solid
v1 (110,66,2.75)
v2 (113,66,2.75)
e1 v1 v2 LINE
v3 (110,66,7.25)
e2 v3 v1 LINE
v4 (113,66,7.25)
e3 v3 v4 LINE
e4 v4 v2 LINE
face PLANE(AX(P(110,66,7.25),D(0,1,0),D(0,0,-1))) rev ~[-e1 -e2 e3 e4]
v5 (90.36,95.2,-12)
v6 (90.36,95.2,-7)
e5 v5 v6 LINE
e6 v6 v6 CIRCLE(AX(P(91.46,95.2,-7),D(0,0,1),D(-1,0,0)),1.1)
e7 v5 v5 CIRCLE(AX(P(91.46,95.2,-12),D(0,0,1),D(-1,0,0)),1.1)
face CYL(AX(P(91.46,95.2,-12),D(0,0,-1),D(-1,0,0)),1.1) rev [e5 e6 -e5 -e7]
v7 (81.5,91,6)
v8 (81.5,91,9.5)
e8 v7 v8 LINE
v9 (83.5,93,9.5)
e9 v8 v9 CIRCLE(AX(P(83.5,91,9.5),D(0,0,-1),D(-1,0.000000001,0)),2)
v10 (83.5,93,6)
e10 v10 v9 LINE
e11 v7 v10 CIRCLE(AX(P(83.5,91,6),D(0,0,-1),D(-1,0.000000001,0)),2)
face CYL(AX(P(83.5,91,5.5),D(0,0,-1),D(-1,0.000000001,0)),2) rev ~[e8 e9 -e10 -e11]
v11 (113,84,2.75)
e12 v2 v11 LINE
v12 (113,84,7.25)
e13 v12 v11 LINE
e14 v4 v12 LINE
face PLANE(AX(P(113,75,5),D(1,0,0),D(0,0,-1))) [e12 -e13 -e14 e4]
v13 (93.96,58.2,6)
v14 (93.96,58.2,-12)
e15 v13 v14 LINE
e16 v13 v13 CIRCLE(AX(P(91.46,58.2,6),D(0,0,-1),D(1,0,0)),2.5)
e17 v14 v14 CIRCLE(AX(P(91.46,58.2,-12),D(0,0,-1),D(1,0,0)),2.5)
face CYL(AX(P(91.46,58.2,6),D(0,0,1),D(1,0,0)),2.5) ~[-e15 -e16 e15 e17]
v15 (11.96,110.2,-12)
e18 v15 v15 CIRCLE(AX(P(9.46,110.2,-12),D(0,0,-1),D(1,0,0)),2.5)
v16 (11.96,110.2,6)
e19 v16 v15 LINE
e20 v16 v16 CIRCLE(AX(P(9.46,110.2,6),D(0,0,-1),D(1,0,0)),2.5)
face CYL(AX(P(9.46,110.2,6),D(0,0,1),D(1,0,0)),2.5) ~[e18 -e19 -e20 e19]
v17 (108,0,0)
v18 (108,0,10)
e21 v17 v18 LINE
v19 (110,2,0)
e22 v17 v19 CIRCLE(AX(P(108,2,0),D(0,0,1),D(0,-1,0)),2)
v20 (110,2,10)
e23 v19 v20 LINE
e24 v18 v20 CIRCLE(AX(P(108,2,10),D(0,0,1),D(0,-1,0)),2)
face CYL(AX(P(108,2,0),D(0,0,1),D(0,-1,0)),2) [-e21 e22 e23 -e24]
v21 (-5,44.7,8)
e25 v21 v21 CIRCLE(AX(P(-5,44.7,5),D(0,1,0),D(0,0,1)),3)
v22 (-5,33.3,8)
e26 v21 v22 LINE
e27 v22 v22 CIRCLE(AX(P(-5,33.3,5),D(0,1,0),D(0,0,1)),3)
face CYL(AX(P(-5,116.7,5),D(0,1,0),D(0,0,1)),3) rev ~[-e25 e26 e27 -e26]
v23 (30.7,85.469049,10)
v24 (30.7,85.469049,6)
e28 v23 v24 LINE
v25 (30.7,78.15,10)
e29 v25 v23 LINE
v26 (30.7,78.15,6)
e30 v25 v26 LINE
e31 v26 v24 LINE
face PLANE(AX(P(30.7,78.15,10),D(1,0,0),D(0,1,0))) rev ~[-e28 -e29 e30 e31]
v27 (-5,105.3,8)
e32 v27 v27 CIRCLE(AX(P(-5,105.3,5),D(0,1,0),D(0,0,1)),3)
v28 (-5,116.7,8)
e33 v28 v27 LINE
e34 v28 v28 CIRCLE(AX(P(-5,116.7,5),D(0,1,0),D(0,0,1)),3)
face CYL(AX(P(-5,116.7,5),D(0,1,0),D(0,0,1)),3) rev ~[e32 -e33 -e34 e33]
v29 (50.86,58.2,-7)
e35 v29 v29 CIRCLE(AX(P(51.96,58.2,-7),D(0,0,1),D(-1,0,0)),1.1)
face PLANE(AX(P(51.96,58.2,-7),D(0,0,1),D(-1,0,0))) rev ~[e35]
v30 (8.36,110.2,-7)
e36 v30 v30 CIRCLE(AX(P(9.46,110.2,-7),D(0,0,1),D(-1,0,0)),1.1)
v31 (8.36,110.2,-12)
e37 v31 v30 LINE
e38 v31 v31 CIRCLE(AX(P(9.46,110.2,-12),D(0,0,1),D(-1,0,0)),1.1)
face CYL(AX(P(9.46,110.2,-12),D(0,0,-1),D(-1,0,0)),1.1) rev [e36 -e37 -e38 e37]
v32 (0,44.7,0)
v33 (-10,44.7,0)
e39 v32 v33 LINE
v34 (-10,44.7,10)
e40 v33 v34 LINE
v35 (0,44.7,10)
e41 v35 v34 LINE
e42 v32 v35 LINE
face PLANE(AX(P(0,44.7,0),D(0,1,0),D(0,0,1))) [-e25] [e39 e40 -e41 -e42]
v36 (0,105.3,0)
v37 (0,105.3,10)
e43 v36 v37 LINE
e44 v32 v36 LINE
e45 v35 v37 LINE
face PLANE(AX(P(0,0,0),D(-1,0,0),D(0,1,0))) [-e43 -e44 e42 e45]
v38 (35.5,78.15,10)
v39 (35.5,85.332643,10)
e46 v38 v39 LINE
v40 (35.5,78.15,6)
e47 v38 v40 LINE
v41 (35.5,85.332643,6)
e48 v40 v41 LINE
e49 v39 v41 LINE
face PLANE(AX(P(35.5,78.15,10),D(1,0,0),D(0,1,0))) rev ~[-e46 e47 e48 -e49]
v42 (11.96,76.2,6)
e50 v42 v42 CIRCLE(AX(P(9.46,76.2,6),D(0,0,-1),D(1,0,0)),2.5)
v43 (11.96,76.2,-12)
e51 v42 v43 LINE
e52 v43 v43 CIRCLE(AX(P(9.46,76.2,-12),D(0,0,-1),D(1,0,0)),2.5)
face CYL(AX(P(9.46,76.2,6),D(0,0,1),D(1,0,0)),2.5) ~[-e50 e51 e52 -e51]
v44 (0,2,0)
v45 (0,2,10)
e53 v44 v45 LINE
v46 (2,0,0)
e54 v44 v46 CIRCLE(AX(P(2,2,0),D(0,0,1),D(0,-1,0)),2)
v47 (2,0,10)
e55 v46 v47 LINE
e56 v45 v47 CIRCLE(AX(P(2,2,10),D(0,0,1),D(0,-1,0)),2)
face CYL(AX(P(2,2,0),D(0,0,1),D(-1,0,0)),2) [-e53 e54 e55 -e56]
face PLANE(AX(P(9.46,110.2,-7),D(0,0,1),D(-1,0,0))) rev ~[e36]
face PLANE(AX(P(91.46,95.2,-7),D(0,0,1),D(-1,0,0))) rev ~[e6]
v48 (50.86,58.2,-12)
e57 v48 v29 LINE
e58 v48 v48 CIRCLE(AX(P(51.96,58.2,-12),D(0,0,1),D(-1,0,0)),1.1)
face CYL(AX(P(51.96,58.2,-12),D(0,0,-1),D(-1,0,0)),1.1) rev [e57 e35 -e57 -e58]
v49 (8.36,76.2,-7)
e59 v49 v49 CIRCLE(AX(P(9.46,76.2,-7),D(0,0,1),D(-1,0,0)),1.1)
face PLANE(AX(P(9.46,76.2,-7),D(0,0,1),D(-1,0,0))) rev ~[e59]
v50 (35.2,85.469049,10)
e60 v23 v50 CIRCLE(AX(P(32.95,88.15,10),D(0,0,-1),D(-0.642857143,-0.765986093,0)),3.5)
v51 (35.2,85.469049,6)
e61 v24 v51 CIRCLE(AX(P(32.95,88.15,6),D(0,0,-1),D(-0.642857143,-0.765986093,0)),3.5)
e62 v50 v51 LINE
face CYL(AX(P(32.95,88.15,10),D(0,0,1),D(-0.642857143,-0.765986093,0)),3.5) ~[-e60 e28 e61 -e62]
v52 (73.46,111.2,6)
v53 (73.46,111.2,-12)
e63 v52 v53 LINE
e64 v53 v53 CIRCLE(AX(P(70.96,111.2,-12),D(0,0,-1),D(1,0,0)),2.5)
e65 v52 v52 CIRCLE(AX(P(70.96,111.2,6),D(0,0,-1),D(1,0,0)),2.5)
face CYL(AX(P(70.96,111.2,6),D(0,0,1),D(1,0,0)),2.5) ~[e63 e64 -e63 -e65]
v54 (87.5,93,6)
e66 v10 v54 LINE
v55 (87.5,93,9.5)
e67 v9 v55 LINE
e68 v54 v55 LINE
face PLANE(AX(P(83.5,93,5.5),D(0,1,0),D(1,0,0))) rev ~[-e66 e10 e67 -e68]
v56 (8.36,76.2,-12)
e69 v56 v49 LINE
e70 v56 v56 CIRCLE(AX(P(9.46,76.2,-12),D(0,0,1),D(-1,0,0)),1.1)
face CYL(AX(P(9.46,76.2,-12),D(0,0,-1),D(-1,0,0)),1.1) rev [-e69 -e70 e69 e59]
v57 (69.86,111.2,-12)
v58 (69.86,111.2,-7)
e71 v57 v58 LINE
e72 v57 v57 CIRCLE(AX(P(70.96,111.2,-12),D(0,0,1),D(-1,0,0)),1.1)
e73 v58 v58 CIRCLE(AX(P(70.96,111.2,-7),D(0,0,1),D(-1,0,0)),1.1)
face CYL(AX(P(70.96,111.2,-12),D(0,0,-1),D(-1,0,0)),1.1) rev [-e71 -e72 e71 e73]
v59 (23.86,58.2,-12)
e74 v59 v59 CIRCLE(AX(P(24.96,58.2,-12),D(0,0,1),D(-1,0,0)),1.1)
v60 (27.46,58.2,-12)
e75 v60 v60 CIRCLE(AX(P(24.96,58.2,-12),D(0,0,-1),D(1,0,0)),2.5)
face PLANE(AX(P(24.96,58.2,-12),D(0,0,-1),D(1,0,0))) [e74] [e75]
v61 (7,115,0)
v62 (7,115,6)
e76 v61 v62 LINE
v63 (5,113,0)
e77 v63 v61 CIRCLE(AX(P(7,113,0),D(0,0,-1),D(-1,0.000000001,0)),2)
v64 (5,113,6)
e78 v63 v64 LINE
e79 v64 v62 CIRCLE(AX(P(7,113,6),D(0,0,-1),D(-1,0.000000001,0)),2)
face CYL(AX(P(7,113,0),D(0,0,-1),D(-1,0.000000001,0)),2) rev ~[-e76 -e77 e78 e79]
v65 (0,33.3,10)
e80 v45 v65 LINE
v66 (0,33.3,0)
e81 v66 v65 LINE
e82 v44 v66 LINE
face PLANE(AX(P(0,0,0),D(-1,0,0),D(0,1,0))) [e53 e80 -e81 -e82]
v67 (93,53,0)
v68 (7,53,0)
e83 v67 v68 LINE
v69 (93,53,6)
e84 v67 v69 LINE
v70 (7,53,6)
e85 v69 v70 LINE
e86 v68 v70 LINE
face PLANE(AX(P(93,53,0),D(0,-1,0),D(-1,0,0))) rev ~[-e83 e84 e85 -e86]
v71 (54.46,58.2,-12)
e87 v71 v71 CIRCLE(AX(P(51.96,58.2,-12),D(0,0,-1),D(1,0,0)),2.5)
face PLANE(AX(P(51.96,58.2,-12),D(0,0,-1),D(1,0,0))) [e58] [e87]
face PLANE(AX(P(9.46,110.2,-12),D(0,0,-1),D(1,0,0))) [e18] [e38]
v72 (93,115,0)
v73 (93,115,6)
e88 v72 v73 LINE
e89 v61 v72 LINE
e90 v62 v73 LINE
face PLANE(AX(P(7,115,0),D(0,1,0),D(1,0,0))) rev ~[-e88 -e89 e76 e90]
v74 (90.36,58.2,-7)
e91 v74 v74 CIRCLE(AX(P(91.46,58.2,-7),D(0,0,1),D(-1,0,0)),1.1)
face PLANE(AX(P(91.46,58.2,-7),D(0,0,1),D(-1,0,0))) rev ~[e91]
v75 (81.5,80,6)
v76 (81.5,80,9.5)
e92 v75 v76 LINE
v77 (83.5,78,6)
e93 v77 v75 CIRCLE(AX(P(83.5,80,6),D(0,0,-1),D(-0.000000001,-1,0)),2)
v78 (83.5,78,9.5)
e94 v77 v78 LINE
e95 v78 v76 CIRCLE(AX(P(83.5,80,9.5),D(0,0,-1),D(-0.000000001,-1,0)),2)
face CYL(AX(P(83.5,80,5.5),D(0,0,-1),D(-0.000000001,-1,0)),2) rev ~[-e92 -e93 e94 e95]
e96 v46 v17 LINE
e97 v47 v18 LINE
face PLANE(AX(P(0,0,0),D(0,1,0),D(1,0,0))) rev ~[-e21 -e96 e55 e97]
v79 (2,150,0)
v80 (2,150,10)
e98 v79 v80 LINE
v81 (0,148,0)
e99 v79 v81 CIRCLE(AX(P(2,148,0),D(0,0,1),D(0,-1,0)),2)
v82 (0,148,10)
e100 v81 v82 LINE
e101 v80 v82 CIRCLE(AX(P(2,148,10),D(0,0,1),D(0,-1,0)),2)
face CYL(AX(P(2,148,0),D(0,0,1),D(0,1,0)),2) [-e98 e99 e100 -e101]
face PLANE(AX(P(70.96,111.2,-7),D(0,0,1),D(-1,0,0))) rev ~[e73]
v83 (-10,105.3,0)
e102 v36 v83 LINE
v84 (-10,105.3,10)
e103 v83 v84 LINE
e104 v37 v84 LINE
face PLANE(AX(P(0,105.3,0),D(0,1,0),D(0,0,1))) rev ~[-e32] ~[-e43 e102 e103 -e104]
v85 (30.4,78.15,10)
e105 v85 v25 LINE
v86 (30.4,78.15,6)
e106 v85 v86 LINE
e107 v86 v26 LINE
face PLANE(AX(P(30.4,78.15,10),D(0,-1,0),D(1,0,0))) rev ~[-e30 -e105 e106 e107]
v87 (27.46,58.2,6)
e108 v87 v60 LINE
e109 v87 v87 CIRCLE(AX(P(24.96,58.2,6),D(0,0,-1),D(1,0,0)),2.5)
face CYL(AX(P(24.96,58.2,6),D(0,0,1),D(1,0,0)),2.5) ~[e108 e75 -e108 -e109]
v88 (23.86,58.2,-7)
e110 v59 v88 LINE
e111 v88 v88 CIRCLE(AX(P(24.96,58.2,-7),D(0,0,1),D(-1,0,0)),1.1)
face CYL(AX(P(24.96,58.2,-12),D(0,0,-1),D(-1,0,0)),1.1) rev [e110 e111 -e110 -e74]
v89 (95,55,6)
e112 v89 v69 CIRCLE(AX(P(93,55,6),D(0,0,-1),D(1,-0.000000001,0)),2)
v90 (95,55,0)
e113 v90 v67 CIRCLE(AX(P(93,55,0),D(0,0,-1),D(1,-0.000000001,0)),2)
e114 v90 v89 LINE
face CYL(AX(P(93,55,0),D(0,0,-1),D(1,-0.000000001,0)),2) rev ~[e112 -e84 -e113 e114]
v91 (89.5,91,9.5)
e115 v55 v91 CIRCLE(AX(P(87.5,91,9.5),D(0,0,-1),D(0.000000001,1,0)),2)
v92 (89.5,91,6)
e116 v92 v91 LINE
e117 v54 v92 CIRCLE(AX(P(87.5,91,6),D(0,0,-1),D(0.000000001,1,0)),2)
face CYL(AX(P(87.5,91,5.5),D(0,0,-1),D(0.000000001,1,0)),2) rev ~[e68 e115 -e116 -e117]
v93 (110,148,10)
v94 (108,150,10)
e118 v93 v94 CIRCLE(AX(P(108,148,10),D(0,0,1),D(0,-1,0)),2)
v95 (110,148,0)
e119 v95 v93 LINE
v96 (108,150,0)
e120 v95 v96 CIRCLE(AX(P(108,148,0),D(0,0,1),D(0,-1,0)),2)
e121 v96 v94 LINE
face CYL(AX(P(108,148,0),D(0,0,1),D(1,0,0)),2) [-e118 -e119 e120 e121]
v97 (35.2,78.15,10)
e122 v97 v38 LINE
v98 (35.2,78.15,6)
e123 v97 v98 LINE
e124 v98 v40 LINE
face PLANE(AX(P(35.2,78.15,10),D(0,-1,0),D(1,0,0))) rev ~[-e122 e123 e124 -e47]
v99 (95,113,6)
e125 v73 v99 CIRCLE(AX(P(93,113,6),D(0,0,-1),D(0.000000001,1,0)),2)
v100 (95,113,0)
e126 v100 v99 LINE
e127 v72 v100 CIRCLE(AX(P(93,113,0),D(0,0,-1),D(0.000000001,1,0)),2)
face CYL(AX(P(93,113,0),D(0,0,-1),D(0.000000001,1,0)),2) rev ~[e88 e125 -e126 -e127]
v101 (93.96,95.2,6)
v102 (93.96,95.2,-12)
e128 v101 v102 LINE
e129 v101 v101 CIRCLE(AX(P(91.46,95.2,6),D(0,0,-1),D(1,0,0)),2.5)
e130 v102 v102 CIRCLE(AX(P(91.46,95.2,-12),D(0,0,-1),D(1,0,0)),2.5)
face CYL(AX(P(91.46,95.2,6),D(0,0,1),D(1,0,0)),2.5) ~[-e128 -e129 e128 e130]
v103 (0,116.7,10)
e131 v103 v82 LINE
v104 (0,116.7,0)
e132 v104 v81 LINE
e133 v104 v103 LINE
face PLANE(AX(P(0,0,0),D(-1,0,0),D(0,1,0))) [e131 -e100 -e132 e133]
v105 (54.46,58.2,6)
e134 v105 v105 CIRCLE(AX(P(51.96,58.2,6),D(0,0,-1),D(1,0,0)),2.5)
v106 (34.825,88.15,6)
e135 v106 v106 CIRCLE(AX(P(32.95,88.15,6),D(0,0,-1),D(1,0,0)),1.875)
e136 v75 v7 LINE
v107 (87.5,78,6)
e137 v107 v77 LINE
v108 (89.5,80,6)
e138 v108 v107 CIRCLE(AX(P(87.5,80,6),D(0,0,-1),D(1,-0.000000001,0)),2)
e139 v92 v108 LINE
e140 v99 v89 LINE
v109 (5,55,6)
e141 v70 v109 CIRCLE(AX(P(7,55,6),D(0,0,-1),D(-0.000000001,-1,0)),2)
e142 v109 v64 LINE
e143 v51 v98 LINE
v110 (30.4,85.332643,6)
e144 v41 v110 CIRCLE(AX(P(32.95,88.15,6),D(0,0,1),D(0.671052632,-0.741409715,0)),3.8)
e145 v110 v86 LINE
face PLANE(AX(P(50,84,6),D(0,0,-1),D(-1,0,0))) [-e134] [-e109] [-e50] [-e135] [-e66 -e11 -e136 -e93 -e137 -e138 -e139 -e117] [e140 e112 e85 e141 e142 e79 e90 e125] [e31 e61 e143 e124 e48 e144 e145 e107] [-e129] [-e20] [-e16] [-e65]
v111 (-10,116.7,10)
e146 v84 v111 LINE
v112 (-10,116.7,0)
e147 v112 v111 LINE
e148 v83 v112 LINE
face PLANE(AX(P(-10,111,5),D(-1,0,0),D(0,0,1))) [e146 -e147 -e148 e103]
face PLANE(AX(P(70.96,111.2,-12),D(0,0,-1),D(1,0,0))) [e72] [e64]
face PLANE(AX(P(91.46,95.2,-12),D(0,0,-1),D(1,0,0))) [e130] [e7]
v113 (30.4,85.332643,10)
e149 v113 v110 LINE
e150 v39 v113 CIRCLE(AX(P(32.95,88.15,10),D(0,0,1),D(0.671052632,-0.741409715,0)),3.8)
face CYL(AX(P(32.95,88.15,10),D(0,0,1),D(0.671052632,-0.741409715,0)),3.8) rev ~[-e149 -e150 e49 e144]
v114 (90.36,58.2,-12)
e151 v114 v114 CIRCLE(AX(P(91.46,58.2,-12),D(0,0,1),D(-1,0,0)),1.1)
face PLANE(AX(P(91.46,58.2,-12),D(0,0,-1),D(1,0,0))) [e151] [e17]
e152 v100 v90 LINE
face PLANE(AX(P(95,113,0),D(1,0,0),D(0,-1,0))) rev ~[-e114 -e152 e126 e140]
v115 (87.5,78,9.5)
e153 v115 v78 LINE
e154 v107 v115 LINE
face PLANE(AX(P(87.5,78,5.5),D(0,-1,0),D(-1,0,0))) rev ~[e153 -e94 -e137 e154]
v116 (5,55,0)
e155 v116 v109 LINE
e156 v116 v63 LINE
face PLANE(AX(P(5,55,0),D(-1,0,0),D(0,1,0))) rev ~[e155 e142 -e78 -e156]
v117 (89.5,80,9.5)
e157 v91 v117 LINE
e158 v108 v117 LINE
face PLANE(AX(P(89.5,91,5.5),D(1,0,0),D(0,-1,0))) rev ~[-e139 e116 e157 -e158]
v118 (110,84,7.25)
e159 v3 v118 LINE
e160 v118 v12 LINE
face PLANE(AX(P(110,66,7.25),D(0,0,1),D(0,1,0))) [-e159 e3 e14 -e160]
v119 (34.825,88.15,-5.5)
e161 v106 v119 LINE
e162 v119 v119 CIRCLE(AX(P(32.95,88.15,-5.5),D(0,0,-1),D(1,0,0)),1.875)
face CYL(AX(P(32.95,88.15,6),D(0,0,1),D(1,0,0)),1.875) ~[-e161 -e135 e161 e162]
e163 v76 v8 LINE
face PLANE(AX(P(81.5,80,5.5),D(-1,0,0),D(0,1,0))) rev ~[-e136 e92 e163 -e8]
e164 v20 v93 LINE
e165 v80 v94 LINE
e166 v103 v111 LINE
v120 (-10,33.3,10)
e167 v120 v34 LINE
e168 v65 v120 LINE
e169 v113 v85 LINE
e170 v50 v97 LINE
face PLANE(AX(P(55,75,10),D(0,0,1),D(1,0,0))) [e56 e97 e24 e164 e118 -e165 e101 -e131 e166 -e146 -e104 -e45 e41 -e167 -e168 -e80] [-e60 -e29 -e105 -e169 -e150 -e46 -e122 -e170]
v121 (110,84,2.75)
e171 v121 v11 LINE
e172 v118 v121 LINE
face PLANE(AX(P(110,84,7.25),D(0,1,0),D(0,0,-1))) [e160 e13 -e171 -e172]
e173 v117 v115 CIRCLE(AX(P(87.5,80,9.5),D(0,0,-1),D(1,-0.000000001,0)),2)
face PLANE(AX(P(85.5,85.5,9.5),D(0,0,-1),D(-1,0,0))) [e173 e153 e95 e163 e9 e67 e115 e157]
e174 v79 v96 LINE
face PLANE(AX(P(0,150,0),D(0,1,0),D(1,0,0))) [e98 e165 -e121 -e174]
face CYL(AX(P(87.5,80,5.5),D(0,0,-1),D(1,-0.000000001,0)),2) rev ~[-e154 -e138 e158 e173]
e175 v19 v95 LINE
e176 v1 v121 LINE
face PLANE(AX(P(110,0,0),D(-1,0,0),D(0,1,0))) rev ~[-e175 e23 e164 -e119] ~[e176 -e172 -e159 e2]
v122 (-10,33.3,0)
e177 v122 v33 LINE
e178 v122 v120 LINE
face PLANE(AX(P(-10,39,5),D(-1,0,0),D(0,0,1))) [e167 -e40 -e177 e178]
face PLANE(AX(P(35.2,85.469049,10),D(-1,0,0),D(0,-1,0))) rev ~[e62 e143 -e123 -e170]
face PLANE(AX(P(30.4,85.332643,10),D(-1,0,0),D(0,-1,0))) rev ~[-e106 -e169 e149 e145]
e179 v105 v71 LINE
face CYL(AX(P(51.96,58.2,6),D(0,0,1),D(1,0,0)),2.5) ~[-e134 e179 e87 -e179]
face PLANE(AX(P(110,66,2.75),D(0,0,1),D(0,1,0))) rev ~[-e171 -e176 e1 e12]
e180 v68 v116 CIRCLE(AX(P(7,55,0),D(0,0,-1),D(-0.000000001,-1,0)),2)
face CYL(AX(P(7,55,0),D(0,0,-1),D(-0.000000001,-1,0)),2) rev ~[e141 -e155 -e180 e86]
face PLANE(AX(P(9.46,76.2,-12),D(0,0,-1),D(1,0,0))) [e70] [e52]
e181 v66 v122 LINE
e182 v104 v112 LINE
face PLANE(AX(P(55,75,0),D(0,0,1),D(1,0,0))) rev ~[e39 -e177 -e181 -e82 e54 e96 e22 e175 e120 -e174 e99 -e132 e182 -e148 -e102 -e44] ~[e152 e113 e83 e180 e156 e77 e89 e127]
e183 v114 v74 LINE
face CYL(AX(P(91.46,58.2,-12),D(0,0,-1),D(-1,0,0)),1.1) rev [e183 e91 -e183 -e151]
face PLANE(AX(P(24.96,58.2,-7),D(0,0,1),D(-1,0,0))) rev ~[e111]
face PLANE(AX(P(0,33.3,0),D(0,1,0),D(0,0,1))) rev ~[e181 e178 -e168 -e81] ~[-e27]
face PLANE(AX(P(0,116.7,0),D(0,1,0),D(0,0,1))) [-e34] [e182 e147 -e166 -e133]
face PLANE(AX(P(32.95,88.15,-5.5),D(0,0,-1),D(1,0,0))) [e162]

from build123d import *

# Parameters (mm, degrees)
SKETCH1_W           = 110
SKETCH1_H           = 150
BOSS_EXTRUDE1_DEPTH = 10
CUT_EXTRUDE1_DEPTH  = 6
SKETCH3_R           = 2.5
BOSS_EXTRUDE2_DEPTH = 18
CUT_EXTRUDE2_START  = -12
SKETCH5_R           = 1.1
CUT_EXTRUDE2_DEPTH  = 5
CUT_EXTRUDE3_START  = 0.5
CUT_EXTRUDE3_DEPTH  = 4
SKETCH7_R           = 1.875
BOSS_EXTRUDE3_DEPTH = 11.5
CUT_EXTRUDE4_DEPTH  = 4
SKETCH9_W           = 10
SKETCH9_H           = 11.4
BOSS_EXTRUDE4_DEPTH = 10
SKETCH10_R          = 3
CUT_EXTRUDE5_DEPTH  = 161.819432905
SKETCH11_W          = 4.5
SKETCH11_H          = 18
BOSS_EXTRUDE5_DEPTH = 3
FILLET1_R           = 2


with BuildPart() as part:
    # Sketch1 → Boss-Extrude1 (new body)
    with BuildSketch(Plane.XY):
        with Locations((55, 75)):
            Rectangle(SKETCH1_W, SKETCH1_H)
    extrude(amount=BOSS_EXTRUDE1_DEPTH)

    # Sketch2 → Cut-Extrude1 (cut)
    with BuildSketch(Plane(origin=(0, 0, 0), x_dir=(-1, 0, 0), z_dir=(0, 0, -1))):
        with BuildLine():
            Line((-93, 53), (-7, 53))
            ThreePointArc((-7, 53), (-5.585786438, 53.585786438), (-5, 55))
            Line((-5, 55), (-5, 113))
            ThreePointArc((-5, 113), (-5.585786438, 114.414213562), (-7, 115))
            Line((-7, 115), (-93, 115))
            ThreePointArc((-93, 115), (-94.414213562, 114.414213562), (-95, 113))
            Line((-95, 113), (-95, 55))
            ThreePointArc((-95, 55), (-94.414213562, 53.585786438), (-93, 53))
        make_face()
    extrude(amount=-CUT_EXTRUDE1_DEPTH, mode=Mode.SUBTRACT)

    # Sketch3 → Boss-Extrude2 (add)
    with BuildSketch(Plane(origin=(0, 0, 6), x_dir=(-1, 0, 0), z_dir=(0, 0, -1))):
        with Locations(Location((-91.46, 95.2, 0), (0, 0, 180))):
            Circle(SKETCH3_R)
        with Locations(Location((-70.96, 111.2, 0), (0, 0, 180))):
            Circle(SKETCH3_R)
        with Locations(Location((-9.46, 110.2, 0), (0, 0, 180))):
            Circle(SKETCH3_R)
        with Locations(Location((-9.46, 76.2, 0), (0, 0, 180))):
            Circle(SKETCH3_R)
        with Locations(Location((-24.96, 58.2, 0), (0, 0, 180))):
            Circle(SKETCH3_R)
        with Locations(Location((-51.96, 58.2, 0), (0, 0, 180))):
            Circle(SKETCH3_R)
        with Locations(Location((-91.46, 58.2, 0), (0, 0, 180))):
            Circle(SKETCH3_R)
    extrude(amount=BOSS_EXTRUDE2_DEPTH)

    # Sketch5 → Cut-Extrude2 (cut)
    with BuildSketch(Plane.XY.offset(CUT_EXTRUDE2_START)):
        with Locations(Location((91.46, 58.2, 0), (0, 0, 180))):
            Circle(SKETCH5_R)
        with Locations(Location((51.96, 58.2, 0), (0, 0, 180))):
            Circle(SKETCH5_R)
        with Locations(Location((24.96, 58.2, 0), (0, 0, 180))):
            Circle(SKETCH5_R)
        with Locations(Location((9.46, 76.2, 0), (0, 0, 180))):
            Circle(SKETCH5_R)
        with Locations(Location((9.46, 110.2, 0), (0, 0, 180))):
            Circle(SKETCH5_R)
        with Locations(Location((70.96, 111.2, 0), (0, 0, 180))):
            Circle(SKETCH5_R)
        with Locations(Location((91.46, 95.2, 0), (0, 0, 180))):
            Circle(SKETCH5_R)
    extrude(amount=CUT_EXTRUDE2_DEPTH, mode=Mode.SUBTRACT)

    # Sketch6 → Cut-Extrude3 (cut)
    with BuildSketch(Plane(origin=(0, 0, 6), x_dir=(-1, 0, 0), z_dir=(0, 0, -1)).offset(CUT_EXTRUDE3_START)):
        with BuildLine():
            Line((-87.5, 78), (-83.5, 78))
            ThreePointArc((-83.5, 78), (-82.085786438, 78.585786438), (-81.5, 80))
            Line((-81.5, 80), (-81.5, 91))
            ThreePointArc((-81.5, 91), (-82.085786438, 92.414213562), (-83.5, 93))
            Line((-83.5, 93), (-87.5, 93))
            ThreePointArc((-87.5, 93), (-88.914213562, 92.414213562), (-89.5, 91))
            Line((-89.5, 91), (-89.5, 80))
            ThreePointArc((-89.5, 80), (-88.914213562, 78.585786438), (-87.5, 78))
        make_face()
    extrude(amount=-CUT_EXTRUDE3_DEPTH, mode=Mode.SUBTRACT)

    # Sketch7 → Boss-Extrude3 (add)
    with BuildSketch(Plane(origin=(0, 0, 6), x_dir=(-1, 0, 0), z_dir=(0, 0, -1))):
        with Locations(Location((-32.95, 88.15, 0), (0, 0, 180))):
            Circle(SKETCH7_R)
    extrude(amount=BOSS_EXTRUDE3_DEPTH)

    # Sketch8 → Cut-Extrude4 (cut)
    with BuildSketch(Plane.XY.offset(10)):
        with BuildLine():
            Line((30.7, 78.15), (30.7, 85.469048676))
            ThreePointArc((30.7, 85.469048676), (32.95, 91.65), (35.2, 85.469048676))
            Line((35.2, 85.469048676), (35.2, 78.15))
            Line((35.2, 78.15), (35.5, 78.15))
            Line((35.5, 78.15), (35.5, 85.332643083))
            ThreePointArc((35.5, 85.332643083), (32.95, 91.95), (30.4, 85.332643083))
            Line((30.4, 85.332643083), (30.4, 78.15))
            Line((30.4, 78.15), (30.7, 78.15))
        make_face()
    extrude(amount=-CUT_EXTRUDE4_DEPTH, mode=Mode.SUBTRACT)

    # Sketch9 → Boss-Extrude4 (add)
    with BuildSketch(Plane.ZY):
        with Locations((5, 39)):
            Rectangle(SKETCH9_W, SKETCH9_H)
        with Locations((5, 111)):
            Rectangle(SKETCH9_W, SKETCH9_H)
    extrude(amount=BOSS_EXTRUDE4_DEPTH)

    # Sketch10 → Cut-Extrude5 (cut, through all)
    with BuildSketch(Plane(origin=(0, 116.7, 0), x_dir=(1, 0, 0), z_dir=(0, 1, 0))):
        with Locations(Location((-5, -5, 0), (0, 0, 270))):
            Circle(SKETCH10_R)
    extrude(amount=-CUT_EXTRUDE5_DEPTH, mode=Mode.SUBTRACT)

    # Sketch11 → Boss-Extrude5 (add)
    with BuildSketch(Plane(origin=(110, 0, 0), x_dir=(0, 0, -1), z_dir=(1, 0, 0))):
        with Locations((-5, 75)):
            Rectangle(SKETCH11_W, SKETCH11_H)
    extrude(amount=BOSS_EXTRUDE5_DEPTH)

    # Fillet1
    fillet1_edges = [part.edges().sort_by_distance(p)[0] for p in [
        (0, 150, 5),
        (110, 150, 5),
        (110, 0, 5),
        (0, 0, 5),
    ]]
    fillet(fillet1_edges, radius=FILLET1_R)


solid = part.part
